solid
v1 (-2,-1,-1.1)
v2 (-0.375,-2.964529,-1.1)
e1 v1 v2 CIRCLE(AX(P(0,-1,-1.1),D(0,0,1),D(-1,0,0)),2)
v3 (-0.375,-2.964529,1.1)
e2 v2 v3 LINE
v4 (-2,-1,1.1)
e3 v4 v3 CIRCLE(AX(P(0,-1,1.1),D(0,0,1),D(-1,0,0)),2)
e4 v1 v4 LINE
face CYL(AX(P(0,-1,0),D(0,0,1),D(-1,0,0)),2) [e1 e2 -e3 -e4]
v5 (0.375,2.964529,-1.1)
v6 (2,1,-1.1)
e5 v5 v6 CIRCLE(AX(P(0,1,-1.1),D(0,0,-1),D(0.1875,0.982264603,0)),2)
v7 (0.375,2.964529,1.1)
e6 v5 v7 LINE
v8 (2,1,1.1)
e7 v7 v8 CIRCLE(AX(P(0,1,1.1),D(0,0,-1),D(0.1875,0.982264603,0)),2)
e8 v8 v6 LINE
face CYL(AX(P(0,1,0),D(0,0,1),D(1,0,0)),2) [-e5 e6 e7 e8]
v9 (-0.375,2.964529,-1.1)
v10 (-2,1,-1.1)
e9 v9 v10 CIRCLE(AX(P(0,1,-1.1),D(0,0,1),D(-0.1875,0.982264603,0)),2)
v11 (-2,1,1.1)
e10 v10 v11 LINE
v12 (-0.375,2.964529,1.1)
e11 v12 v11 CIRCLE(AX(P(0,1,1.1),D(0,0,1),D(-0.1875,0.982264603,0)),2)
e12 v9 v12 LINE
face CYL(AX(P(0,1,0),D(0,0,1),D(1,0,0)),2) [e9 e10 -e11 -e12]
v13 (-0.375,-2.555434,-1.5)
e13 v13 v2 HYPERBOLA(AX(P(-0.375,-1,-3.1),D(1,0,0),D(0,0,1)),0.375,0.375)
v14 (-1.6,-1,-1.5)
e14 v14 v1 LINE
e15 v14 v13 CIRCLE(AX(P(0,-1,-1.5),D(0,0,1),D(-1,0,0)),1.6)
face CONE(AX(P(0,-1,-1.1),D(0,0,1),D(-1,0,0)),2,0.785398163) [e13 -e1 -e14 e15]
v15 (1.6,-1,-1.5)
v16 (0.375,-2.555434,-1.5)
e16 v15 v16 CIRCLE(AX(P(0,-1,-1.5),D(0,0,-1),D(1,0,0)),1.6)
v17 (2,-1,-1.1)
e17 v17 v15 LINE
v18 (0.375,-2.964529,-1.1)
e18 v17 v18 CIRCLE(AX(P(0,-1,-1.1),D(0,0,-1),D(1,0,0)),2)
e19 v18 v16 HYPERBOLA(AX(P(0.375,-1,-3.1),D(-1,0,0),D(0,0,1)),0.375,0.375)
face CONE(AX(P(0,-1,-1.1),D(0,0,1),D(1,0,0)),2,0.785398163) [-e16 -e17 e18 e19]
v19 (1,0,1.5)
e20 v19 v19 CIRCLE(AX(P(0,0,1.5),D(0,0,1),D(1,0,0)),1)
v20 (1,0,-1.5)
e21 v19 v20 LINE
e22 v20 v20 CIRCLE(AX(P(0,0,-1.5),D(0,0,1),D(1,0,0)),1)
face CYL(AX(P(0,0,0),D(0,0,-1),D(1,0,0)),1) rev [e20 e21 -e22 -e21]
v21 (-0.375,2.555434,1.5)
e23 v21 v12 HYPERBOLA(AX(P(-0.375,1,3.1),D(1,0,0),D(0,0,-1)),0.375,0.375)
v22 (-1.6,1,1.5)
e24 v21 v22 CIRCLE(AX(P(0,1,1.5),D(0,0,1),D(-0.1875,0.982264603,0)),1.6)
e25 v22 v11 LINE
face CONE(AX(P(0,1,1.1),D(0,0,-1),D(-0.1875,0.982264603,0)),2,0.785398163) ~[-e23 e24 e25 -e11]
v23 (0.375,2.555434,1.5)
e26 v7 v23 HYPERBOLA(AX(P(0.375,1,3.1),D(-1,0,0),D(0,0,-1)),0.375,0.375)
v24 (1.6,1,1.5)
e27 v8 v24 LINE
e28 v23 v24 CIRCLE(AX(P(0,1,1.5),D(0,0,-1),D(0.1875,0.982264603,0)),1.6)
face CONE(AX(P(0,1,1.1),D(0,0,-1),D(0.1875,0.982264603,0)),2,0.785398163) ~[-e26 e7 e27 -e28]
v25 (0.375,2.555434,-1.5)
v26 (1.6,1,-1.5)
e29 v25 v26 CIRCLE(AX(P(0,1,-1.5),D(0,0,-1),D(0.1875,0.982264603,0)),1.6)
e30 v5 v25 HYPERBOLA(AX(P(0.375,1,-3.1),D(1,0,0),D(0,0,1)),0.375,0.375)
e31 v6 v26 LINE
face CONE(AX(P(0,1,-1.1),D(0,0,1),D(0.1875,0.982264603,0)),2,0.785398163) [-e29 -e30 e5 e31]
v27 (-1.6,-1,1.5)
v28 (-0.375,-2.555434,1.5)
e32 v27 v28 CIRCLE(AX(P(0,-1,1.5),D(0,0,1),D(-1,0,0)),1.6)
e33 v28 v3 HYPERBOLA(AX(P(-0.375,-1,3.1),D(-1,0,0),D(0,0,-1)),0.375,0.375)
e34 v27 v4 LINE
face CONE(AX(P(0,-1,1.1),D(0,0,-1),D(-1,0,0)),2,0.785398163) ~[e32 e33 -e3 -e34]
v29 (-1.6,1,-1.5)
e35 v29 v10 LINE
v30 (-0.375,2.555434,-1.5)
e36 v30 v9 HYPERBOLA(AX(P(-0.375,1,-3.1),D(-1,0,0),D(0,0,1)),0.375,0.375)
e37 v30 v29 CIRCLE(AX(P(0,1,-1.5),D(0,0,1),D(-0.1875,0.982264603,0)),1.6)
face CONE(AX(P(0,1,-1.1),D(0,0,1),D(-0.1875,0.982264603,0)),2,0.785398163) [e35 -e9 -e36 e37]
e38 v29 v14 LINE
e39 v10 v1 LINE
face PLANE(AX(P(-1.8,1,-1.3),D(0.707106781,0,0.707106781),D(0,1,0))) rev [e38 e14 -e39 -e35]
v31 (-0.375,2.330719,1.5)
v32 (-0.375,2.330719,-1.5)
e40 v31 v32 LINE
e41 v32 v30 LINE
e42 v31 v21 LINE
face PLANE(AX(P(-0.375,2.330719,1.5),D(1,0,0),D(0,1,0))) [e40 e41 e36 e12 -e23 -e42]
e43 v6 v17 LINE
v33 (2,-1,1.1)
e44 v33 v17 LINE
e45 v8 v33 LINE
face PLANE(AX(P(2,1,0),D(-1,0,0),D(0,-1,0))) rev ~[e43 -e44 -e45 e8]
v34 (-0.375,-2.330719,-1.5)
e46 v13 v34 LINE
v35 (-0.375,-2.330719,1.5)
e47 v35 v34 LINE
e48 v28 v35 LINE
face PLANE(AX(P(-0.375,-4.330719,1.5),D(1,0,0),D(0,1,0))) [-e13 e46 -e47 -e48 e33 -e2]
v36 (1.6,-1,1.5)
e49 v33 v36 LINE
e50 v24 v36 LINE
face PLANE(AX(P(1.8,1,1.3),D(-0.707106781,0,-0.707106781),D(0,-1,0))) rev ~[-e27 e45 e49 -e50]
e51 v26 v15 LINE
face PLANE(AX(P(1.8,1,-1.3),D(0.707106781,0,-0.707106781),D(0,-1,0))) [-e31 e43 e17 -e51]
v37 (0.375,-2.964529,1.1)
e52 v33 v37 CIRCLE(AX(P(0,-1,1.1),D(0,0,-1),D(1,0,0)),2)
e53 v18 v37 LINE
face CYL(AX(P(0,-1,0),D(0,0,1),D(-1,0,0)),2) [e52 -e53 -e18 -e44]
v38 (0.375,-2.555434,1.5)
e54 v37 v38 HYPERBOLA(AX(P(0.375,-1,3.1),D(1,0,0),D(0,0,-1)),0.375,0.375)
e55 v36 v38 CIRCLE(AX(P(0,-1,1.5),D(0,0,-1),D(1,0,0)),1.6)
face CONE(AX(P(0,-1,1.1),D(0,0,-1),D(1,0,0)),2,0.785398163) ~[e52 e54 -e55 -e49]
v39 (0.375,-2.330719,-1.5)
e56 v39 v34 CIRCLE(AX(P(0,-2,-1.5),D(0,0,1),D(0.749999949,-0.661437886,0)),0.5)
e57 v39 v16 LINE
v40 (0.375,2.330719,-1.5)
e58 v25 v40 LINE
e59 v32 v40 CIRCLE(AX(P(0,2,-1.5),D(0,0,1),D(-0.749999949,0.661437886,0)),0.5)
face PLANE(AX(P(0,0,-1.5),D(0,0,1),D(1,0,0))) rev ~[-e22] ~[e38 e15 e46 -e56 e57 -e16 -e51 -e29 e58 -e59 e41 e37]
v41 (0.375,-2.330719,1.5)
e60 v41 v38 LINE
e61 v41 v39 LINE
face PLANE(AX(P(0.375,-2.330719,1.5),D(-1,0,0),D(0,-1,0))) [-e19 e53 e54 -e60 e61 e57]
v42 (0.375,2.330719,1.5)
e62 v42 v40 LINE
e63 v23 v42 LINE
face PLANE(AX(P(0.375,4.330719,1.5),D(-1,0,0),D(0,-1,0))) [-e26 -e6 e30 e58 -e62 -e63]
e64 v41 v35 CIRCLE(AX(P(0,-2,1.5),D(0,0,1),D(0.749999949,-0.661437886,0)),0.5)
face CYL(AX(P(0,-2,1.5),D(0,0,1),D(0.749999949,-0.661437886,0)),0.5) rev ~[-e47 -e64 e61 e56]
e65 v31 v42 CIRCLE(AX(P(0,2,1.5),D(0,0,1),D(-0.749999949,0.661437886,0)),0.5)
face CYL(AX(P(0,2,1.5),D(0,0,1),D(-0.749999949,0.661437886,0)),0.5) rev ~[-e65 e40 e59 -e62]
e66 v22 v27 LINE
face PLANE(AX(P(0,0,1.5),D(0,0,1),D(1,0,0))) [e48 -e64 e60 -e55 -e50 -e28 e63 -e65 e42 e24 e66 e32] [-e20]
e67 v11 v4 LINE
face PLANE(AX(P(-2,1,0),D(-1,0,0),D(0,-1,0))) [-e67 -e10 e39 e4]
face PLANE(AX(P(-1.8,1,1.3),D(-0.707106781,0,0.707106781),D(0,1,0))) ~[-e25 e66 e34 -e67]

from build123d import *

# Parameters (mm, degrees)
SKETCH_R           = 1
PAD_DEPTH          = 1.5
POCKET_DEPTH       = 18.621499
POLARPATTERN_COUNT = 2
CHAMFER_SIZE       = 0.4


with BuildPart() as part:
    # Sketch (on XY_Plane of Origin) → Pad (new body, symmetric)
    with BuildSketch(Plane.XY):
        with BuildLine():
            ThreePointArc((2, 1), (0, 3), (-2, 1))
            Line((-2, 1), (-2, -1))
            ThreePointArc((-2, -1), (0, -3), (2, -1))
            Line((2, 1), (2, -1))
        make_face()
        Circle(SKETCH_R, mode=Mode.SUBTRACT)
    extrude(amount=PAD_DEPTH, both=True)

    # Sketch001 (on Face7 of Pad) → Pocket (cut, through all)
    with BuildSketch(Plane.XY.offset(1.5)):
        with BuildLine():
            ThreePointArc((-0.375, 2.330719), (0, 1.5), (0.375, 2.330719))
            Line((0.375, 4.330719), (0.375, 2.330719))
            Line((-0.375, 4.330719), (0.375, 4.330719))
            Line((-0.375, 2.330719), (-0.375, 4.330719))
        make_face()
    pocket = extrude(amount=-POCKET_DEPTH, mode=Mode.SUBTRACT)

    # PolarPattern: Pocket ×2 about axis
    polarpattern_axis = Axis((0, 0, 0), (0, 0, 1))
    for i in range(1, POLARPATTERN_COUNT):
        add(pocket.rotate(polarpattern_axis, i * 360 / POLARPATTERN_COUNT), mode=Mode.SUBTRACT)

    # Chamfer
    chamfer_edges = [part.edges().sort_by_distance(p)[0] for p in [
        (-2, 0, -1.5),
        (-2, 0, 1.5),
        (2, 0, -1.5),
        (2, 0, 1.5),
    ]]
    chamfer(chamfer_edges, length=CHAMFER_SIZE)


solid = part.part
